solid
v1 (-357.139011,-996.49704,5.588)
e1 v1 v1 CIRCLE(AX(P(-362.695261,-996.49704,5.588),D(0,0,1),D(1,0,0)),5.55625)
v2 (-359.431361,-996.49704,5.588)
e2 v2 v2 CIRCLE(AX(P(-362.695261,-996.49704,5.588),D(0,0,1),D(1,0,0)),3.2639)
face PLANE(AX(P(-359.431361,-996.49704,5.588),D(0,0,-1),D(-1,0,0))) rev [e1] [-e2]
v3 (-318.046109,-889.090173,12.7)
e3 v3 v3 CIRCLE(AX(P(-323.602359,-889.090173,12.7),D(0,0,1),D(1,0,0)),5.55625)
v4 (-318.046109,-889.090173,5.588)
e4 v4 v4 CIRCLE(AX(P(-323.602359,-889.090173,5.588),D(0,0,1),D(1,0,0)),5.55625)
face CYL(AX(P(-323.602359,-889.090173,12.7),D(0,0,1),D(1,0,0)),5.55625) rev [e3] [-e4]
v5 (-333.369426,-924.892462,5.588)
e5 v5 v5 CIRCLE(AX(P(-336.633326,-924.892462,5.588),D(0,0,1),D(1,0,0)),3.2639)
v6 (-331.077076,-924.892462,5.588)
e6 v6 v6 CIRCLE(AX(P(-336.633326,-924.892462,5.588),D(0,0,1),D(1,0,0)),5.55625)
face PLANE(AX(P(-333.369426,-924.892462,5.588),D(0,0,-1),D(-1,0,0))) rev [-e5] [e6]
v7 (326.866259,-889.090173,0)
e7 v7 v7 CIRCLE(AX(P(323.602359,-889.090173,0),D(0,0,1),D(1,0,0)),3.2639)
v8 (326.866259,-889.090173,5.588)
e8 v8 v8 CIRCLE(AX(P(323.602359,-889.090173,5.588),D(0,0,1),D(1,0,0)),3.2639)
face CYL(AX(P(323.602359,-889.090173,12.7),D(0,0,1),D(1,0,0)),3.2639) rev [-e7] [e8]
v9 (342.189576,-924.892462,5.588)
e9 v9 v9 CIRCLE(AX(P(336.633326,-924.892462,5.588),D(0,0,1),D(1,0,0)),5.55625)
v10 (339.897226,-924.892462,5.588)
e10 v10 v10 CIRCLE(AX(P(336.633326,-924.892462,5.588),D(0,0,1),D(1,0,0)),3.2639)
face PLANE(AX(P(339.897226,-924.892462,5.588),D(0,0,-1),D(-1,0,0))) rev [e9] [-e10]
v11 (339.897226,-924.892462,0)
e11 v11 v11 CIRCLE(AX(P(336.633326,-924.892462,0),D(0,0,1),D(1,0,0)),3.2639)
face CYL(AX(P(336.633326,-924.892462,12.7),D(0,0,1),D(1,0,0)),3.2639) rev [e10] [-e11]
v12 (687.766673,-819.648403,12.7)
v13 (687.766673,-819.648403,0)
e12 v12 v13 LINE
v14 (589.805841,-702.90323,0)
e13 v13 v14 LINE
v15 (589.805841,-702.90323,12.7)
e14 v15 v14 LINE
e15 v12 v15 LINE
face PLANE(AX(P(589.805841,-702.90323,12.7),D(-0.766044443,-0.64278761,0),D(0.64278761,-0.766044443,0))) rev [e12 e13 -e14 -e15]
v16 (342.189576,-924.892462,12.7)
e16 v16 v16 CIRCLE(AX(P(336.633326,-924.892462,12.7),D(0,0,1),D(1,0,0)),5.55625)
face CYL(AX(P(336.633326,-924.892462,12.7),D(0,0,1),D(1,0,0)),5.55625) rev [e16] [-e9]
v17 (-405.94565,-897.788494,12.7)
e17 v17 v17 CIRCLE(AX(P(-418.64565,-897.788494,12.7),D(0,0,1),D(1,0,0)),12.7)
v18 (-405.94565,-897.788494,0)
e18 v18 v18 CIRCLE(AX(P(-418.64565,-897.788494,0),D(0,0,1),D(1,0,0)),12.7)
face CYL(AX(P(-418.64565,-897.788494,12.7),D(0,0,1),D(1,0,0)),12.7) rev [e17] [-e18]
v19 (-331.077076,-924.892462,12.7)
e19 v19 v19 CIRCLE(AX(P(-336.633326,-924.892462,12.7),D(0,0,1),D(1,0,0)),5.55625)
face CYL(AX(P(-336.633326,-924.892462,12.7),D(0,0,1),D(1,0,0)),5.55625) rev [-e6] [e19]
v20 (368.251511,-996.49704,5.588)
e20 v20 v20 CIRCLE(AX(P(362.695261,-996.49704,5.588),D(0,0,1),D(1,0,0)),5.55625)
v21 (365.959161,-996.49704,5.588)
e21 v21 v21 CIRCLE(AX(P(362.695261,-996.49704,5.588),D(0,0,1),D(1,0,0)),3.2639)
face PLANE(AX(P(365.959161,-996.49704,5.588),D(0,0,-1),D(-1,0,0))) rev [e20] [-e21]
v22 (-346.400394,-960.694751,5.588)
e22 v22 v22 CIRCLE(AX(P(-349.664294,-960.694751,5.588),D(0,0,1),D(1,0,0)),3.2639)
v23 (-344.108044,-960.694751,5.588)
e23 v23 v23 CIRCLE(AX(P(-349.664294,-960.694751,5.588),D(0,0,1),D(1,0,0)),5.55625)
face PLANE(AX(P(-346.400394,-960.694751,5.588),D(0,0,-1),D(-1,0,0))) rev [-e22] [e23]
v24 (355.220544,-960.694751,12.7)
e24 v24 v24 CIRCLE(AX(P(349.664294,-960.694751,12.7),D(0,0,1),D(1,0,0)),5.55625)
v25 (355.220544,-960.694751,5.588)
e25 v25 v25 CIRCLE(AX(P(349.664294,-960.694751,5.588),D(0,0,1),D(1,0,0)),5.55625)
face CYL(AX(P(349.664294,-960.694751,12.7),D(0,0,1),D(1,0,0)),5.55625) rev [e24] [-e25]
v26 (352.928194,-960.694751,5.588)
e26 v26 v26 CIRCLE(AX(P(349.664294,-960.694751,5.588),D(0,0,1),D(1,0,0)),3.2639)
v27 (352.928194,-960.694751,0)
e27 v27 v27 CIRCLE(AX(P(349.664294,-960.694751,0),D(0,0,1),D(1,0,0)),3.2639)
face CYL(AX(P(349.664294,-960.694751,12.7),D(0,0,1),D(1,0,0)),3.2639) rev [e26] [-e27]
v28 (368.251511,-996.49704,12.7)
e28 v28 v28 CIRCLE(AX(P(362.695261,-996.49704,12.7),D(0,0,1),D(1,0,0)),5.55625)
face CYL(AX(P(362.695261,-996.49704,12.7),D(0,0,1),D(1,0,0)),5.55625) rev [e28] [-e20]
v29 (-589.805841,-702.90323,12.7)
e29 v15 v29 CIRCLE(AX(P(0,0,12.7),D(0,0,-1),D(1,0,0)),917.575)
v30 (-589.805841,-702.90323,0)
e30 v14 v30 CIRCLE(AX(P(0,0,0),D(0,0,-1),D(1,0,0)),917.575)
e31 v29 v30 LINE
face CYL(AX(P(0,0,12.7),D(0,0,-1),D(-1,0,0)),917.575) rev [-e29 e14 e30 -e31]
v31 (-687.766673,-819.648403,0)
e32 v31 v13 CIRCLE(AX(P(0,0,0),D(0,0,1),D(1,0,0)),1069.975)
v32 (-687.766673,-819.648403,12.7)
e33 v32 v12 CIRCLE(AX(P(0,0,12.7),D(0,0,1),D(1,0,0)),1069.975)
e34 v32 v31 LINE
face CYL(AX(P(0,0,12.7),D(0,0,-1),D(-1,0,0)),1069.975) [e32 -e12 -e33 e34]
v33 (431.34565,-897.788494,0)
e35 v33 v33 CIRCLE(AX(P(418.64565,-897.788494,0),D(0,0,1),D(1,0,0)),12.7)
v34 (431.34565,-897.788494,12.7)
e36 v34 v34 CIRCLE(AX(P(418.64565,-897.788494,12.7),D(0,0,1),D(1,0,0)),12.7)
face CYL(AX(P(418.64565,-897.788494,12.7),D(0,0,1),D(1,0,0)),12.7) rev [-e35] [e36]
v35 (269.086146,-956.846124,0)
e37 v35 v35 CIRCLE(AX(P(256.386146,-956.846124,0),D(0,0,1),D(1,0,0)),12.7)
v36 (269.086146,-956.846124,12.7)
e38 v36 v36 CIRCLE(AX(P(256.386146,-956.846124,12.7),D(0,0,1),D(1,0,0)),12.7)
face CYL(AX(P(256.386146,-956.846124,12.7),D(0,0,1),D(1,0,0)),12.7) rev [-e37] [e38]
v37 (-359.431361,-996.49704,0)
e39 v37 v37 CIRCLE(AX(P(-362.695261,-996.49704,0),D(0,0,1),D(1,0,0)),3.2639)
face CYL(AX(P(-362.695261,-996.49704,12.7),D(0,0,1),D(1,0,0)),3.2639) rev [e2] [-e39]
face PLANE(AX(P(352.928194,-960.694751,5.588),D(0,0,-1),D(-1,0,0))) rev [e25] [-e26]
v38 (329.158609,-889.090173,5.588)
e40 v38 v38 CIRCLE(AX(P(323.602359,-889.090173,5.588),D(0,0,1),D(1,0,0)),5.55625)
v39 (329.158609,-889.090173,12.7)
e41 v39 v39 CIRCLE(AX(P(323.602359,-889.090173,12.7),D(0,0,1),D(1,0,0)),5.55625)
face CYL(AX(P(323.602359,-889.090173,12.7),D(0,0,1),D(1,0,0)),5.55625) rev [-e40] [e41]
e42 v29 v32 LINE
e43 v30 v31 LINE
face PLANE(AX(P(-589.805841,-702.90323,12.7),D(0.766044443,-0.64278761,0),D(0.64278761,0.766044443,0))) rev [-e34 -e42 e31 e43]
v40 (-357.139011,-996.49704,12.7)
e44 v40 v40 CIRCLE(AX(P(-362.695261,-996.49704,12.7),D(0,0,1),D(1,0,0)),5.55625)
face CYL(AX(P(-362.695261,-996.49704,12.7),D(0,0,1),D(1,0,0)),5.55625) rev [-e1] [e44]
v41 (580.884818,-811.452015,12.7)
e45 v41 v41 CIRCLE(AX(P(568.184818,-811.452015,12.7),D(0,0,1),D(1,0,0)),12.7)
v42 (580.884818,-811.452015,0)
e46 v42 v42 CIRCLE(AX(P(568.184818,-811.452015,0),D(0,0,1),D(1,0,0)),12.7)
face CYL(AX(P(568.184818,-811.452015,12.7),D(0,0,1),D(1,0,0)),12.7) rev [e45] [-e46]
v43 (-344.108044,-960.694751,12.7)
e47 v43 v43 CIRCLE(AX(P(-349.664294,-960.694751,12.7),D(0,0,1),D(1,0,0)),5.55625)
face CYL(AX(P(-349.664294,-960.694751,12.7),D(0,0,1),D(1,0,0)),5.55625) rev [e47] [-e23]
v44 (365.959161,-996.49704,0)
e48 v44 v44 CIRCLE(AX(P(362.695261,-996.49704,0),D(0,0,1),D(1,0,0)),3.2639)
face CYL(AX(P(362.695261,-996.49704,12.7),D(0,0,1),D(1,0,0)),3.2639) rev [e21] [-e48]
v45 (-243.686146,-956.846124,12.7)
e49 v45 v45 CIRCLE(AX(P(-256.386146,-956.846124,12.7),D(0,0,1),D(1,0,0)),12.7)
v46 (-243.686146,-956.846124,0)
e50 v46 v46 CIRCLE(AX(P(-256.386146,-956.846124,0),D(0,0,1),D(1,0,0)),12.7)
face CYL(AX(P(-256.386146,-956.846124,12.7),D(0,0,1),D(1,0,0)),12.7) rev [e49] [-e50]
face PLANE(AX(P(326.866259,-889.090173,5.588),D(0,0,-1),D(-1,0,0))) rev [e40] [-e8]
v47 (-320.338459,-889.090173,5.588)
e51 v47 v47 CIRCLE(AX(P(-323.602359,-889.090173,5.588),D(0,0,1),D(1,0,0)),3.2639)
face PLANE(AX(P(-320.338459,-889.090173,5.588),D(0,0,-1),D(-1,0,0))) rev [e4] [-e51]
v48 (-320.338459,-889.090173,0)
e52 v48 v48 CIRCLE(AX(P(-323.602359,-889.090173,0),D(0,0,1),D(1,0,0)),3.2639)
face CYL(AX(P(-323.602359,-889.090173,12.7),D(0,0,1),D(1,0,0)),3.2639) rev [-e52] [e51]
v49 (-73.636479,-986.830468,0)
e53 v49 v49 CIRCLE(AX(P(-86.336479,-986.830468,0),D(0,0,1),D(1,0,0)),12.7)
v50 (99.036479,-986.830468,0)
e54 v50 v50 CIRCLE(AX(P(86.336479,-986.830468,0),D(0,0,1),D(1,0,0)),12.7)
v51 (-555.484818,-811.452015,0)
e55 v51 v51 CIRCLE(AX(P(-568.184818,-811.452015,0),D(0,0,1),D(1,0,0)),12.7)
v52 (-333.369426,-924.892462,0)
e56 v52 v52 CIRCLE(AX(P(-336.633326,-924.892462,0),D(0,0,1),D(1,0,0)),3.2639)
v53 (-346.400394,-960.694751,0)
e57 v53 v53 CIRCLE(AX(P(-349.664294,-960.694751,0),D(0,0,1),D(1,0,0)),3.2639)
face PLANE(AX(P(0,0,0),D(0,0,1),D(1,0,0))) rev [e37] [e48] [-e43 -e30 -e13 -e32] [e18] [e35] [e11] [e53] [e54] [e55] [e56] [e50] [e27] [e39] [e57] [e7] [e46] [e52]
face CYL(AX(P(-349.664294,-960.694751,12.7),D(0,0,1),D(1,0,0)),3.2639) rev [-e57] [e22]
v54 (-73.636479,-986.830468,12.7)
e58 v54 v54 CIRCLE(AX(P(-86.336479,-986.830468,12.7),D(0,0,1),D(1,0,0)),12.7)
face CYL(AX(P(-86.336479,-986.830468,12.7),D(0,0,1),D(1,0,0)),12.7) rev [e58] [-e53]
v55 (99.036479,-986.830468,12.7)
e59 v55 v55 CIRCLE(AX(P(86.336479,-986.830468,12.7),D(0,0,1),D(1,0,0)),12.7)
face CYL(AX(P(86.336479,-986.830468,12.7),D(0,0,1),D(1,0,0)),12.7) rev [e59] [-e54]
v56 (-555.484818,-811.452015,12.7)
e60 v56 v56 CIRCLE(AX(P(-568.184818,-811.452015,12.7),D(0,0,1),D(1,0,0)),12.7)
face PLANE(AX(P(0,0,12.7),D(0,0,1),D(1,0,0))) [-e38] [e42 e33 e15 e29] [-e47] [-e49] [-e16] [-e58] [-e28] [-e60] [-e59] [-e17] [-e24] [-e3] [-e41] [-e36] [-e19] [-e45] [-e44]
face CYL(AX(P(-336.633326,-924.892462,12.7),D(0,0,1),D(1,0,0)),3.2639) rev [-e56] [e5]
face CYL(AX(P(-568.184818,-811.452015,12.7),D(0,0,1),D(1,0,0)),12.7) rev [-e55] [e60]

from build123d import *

# Parameters (mm, degrees)
BOSS_EXTRUDE1_DEPTH                              = 12.7
F_1_1_DIAMETER_HOLE1_D                           = 25.4
CBORE_FOR_1_4_SOCKET_HEAD_CAP_SCREW1_D           = 6.5278
CBORE_FOR_1_4_SOCKET_HEAD_CAP_SCREW1_CBORE_D     = 11.1125
CBORE_FOR_1_4_SOCKET_HEAD_CAP_SCREW1_CBORE_DEPTH = 7.112


with BuildPart() as part:
    # Sketch → Boss-Extrude1 (new body)
    with BuildSketch(Plane.XY):
        with BuildLine():
            Line((589.805840958, -702.903229895), (687.766672674, -819.648403026))
            ThreePointArc((687.766672674, -819.648403026), (0, -1069.975), (-687.766672674, -819.648403026))
            Line((-687.766672674, -819.648403026), (-589.805840958, -702.903229895))
            ThreePointArc((-589.805840958, -702.903229895), (0, -917.575), (589.805840958, -702.903229895))
        make_face()
    extrude(amount=BOSS_EXTRUDE1_DEPTH)

    # 1 (1) Diameter Hole1 (through all)
    with Locations(Plane.XY.offset(12.7)):
        with Locations((568.184817849, -811.452015073), (-418.64565008, -897.788493839), (418.64565008, -897.788493839), (-568.184817849, -811.452015073), (256.386146079, -956.846123522), (86.336478766, -986.83046793), (-86.336478766, -986.83046793), (-256.386146079, -956.846123522)):
            Hole(F_1_1_DIAMETER_HOLE1_D / 2)

    # CBORE for 1/4 Socket Head Cap Screw1 (through all)
    with Locations(Plane(origin=(11.711156934, 16.229076172, 12.7), x_dir=(-1, 0, 0), z_dir=(0, 0, 1))):
        with Locations((-350.984104056, 1012.726115884), (-324.922169134, 941.121538181), (-311.891201673, 905.319249329), (-337.953136595, 976.923827032), (335.313515542, 905.319249329), (348.344483002, 941.121538181), (361.375450463, 976.923827032), (374.406417924, 1012.726115884)):
            CounterBoreHole(CBORE_FOR_1_4_SOCKET_HEAD_CAP_SCREW1_D / 2, CBORE_FOR_1_4_SOCKET_HEAD_CAP_SCREW1_CBORE_D / 2, CBORE_FOR_1_4_SOCKET_HEAD_CAP_SCREW1_CBORE_DEPTH)


solid = part.part
